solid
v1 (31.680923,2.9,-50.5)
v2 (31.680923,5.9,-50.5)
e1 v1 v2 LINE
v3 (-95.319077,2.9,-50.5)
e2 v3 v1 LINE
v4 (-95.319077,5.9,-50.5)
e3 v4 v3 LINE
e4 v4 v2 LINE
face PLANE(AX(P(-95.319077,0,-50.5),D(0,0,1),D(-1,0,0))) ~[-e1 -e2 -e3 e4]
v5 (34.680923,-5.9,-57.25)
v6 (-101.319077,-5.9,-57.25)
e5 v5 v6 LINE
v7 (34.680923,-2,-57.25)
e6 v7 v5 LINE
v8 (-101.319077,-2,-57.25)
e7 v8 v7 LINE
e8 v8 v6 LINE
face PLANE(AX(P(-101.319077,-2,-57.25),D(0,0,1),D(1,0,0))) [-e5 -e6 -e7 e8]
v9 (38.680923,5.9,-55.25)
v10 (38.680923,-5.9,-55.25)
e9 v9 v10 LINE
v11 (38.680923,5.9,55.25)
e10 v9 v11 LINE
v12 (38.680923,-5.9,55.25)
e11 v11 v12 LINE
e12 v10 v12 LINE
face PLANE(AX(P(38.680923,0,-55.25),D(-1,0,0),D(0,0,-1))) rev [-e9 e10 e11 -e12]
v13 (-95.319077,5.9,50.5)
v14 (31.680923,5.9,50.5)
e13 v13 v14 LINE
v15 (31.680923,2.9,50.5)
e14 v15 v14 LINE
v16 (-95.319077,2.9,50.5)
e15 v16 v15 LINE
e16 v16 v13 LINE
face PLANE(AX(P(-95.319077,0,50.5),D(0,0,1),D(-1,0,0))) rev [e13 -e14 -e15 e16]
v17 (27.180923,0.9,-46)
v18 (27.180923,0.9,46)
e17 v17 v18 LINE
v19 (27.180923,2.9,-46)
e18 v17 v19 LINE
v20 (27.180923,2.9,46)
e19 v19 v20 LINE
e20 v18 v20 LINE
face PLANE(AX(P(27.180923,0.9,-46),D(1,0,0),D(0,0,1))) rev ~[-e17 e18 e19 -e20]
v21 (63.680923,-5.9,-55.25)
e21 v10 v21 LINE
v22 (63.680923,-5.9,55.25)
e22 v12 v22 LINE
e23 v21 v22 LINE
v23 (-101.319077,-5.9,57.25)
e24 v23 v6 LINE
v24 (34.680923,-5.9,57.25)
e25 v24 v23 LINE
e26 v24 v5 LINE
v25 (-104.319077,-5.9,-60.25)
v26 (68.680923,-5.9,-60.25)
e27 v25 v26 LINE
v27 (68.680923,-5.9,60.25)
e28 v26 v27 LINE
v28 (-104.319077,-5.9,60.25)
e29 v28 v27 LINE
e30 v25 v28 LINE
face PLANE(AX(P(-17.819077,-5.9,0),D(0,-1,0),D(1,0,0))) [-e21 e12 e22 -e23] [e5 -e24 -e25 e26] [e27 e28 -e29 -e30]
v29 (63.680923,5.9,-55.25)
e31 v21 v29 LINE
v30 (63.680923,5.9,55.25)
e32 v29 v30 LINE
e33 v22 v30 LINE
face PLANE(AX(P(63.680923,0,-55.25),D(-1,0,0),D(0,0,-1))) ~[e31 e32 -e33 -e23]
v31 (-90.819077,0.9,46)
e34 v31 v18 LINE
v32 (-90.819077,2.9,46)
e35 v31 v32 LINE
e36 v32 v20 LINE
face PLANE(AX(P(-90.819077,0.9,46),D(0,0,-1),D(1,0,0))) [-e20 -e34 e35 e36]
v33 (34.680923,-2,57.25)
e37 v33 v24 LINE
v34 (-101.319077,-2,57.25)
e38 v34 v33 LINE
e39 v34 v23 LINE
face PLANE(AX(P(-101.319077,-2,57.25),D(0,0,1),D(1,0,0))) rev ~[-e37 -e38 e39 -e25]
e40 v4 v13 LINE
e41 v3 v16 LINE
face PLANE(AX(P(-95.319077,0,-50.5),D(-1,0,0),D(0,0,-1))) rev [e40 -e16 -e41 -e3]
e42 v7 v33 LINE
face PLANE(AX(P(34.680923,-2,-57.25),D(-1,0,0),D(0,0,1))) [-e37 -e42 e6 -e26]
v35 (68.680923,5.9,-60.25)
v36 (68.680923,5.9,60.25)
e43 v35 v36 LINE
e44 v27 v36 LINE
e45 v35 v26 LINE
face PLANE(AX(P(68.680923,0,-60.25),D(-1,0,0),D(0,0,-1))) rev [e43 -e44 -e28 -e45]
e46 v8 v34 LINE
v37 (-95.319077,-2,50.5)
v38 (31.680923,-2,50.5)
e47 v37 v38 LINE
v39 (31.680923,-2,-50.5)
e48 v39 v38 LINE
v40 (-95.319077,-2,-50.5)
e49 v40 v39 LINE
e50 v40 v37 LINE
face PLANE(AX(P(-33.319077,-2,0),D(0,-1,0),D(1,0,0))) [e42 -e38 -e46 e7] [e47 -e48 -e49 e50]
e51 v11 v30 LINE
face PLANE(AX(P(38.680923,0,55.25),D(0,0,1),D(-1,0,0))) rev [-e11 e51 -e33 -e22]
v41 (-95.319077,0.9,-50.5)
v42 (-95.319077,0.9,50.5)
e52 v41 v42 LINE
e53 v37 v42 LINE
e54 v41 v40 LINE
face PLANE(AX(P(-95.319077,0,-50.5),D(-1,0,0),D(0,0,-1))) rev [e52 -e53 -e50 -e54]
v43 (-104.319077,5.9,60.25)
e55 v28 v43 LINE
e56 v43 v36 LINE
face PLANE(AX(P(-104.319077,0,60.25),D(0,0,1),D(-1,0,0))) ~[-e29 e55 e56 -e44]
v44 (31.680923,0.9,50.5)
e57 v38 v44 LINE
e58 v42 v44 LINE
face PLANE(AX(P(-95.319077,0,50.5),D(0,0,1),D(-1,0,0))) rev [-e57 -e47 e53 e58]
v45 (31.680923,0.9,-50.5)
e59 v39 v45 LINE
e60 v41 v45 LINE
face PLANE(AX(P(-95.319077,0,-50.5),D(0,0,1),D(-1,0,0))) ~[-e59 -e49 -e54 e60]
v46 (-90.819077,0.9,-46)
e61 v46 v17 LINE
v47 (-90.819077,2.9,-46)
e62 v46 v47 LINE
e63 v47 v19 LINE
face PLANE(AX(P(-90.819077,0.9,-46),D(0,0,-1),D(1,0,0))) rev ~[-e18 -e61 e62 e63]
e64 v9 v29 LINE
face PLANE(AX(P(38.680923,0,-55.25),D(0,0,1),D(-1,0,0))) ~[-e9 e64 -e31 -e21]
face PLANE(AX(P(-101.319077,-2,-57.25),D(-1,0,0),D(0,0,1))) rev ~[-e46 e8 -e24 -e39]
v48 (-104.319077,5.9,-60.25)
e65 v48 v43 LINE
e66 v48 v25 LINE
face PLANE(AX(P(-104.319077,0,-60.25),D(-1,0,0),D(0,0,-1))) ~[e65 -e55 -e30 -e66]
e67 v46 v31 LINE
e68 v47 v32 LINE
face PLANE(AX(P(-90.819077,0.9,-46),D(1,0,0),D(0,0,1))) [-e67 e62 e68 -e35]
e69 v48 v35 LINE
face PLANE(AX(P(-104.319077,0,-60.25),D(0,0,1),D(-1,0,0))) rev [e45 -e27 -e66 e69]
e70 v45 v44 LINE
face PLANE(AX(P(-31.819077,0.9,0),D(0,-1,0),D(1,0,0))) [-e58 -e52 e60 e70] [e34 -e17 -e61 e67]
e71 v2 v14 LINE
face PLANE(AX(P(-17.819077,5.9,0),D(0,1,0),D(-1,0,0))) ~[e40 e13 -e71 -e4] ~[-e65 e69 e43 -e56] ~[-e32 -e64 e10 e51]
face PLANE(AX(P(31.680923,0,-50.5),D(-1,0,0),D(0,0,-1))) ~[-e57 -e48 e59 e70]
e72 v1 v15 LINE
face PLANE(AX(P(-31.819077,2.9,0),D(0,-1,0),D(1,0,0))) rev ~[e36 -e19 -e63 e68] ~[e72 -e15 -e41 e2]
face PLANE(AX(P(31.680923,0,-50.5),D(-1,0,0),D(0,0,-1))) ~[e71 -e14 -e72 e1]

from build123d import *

# Parameters (mm, degrees)
F0_W        = 173
F0_H        = 120.5
F0_W_2      = 136
F0_H_2      = 114.5
F0_W_3      = 25
F0_H_3      = 110.5
F0_W_4      = 127
F0_H_4      = 101
F1_DEPTH    = 5.9
F3_START    = -0.9
F0_W_5      = 118
F0_H_5      = 92
F1_FACE_W   = 173
F1_FACE_H   = 120.5
F1_FACE_W_2 = 25
F1_FACE_H_2 = 110.5
F1_FACE_W_3 = 127
F1_FACE_H_3 = 101
F3_DEPTH    = 2
F4_START    = 2
F4_DEPTH    = 4


with BuildPart() as f1:
    # F0 (on Front) → F1 (new body)
    with BuildSketch(Plane.XZ):
        with Locations((-17.8190767765, 0)):
            Rectangle(F0_W, F0_H)
        with Locations((-33.3190767765, 0)):
            Rectangle(F0_W_2, F0_H_2, mode=Mode.SUBTRACT)
        with Locations((51.1809232235, 0)):
            Rectangle(F0_W_3, F0_H_3, mode=Mode.SUBTRACT)
        with Locations((-33.3190767765, 0)):
            Rectangle(F0_W_2, F0_H_2)
        with Locations((-31.8190767765, 0)):
            Rectangle(F0_W_4, F0_H_4, mode=Mode.SUBTRACT)
    extrude(amount=F1_DEPTH)

    # F2: F1 across face


with BuildPart() as f1_1:
    add(f1.part)
    add(f1.part.mirror(Plane(origin=(-19.9180876192, 0, 0), x_dir=(1, 0, 0), z_dir=(0, 1, 0))))

    # F0 (on Front) + F1_face (on face) → F3 (join)
    with BuildSketch(Plane.XZ.offset(F3_START)):
        with Locations((-31.8190767765, 0)):
            Rectangle(F0_W_4, F0_H_4)
        with Locations((-31.8190767765, 0)):
            Rectangle(F0_W_5, F0_H_5, mode=Mode.SUBTRACT)
    with BuildSketch(Plane(origin=(-19.9180876192, -5.9, 0), x_dir=(1, 0, 0), z_dir=(0, -1, 0)).offset(F3_START)):
        with Locations((2.0990108427, 0)):
            Rectangle(F1_FACE_W, F1_FACE_H)
        with Locations((71.0990108427, 0)):
            Rectangle(F1_FACE_W_2, F1_FACE_H_2, mode=Mode.SUBTRACT)
        with Locations((-11.9009891573, 0)):
            Rectangle(F1_FACE_W_3, F1_FACE_H_3, mode=Mode.SUBTRACT)
    extrude(amount=-F3_DEPTH)

    # F0 (on Front) → F4 (cut)
    with BuildSketch(Plane.XZ.offset(F4_START)):
        with Locations((-33.3190767765, 0)):
            Rectangle(F0_W_2, F0_H_2)
        with Locations((-31.8190767765, 0)):
            Rectangle(F0_W_4, F0_H_4, mode=Mode.SUBTRACT)
    extrude(amount=F4_DEPTH, mode=Mode.SUBTRACT)


solid = f1_1.part
